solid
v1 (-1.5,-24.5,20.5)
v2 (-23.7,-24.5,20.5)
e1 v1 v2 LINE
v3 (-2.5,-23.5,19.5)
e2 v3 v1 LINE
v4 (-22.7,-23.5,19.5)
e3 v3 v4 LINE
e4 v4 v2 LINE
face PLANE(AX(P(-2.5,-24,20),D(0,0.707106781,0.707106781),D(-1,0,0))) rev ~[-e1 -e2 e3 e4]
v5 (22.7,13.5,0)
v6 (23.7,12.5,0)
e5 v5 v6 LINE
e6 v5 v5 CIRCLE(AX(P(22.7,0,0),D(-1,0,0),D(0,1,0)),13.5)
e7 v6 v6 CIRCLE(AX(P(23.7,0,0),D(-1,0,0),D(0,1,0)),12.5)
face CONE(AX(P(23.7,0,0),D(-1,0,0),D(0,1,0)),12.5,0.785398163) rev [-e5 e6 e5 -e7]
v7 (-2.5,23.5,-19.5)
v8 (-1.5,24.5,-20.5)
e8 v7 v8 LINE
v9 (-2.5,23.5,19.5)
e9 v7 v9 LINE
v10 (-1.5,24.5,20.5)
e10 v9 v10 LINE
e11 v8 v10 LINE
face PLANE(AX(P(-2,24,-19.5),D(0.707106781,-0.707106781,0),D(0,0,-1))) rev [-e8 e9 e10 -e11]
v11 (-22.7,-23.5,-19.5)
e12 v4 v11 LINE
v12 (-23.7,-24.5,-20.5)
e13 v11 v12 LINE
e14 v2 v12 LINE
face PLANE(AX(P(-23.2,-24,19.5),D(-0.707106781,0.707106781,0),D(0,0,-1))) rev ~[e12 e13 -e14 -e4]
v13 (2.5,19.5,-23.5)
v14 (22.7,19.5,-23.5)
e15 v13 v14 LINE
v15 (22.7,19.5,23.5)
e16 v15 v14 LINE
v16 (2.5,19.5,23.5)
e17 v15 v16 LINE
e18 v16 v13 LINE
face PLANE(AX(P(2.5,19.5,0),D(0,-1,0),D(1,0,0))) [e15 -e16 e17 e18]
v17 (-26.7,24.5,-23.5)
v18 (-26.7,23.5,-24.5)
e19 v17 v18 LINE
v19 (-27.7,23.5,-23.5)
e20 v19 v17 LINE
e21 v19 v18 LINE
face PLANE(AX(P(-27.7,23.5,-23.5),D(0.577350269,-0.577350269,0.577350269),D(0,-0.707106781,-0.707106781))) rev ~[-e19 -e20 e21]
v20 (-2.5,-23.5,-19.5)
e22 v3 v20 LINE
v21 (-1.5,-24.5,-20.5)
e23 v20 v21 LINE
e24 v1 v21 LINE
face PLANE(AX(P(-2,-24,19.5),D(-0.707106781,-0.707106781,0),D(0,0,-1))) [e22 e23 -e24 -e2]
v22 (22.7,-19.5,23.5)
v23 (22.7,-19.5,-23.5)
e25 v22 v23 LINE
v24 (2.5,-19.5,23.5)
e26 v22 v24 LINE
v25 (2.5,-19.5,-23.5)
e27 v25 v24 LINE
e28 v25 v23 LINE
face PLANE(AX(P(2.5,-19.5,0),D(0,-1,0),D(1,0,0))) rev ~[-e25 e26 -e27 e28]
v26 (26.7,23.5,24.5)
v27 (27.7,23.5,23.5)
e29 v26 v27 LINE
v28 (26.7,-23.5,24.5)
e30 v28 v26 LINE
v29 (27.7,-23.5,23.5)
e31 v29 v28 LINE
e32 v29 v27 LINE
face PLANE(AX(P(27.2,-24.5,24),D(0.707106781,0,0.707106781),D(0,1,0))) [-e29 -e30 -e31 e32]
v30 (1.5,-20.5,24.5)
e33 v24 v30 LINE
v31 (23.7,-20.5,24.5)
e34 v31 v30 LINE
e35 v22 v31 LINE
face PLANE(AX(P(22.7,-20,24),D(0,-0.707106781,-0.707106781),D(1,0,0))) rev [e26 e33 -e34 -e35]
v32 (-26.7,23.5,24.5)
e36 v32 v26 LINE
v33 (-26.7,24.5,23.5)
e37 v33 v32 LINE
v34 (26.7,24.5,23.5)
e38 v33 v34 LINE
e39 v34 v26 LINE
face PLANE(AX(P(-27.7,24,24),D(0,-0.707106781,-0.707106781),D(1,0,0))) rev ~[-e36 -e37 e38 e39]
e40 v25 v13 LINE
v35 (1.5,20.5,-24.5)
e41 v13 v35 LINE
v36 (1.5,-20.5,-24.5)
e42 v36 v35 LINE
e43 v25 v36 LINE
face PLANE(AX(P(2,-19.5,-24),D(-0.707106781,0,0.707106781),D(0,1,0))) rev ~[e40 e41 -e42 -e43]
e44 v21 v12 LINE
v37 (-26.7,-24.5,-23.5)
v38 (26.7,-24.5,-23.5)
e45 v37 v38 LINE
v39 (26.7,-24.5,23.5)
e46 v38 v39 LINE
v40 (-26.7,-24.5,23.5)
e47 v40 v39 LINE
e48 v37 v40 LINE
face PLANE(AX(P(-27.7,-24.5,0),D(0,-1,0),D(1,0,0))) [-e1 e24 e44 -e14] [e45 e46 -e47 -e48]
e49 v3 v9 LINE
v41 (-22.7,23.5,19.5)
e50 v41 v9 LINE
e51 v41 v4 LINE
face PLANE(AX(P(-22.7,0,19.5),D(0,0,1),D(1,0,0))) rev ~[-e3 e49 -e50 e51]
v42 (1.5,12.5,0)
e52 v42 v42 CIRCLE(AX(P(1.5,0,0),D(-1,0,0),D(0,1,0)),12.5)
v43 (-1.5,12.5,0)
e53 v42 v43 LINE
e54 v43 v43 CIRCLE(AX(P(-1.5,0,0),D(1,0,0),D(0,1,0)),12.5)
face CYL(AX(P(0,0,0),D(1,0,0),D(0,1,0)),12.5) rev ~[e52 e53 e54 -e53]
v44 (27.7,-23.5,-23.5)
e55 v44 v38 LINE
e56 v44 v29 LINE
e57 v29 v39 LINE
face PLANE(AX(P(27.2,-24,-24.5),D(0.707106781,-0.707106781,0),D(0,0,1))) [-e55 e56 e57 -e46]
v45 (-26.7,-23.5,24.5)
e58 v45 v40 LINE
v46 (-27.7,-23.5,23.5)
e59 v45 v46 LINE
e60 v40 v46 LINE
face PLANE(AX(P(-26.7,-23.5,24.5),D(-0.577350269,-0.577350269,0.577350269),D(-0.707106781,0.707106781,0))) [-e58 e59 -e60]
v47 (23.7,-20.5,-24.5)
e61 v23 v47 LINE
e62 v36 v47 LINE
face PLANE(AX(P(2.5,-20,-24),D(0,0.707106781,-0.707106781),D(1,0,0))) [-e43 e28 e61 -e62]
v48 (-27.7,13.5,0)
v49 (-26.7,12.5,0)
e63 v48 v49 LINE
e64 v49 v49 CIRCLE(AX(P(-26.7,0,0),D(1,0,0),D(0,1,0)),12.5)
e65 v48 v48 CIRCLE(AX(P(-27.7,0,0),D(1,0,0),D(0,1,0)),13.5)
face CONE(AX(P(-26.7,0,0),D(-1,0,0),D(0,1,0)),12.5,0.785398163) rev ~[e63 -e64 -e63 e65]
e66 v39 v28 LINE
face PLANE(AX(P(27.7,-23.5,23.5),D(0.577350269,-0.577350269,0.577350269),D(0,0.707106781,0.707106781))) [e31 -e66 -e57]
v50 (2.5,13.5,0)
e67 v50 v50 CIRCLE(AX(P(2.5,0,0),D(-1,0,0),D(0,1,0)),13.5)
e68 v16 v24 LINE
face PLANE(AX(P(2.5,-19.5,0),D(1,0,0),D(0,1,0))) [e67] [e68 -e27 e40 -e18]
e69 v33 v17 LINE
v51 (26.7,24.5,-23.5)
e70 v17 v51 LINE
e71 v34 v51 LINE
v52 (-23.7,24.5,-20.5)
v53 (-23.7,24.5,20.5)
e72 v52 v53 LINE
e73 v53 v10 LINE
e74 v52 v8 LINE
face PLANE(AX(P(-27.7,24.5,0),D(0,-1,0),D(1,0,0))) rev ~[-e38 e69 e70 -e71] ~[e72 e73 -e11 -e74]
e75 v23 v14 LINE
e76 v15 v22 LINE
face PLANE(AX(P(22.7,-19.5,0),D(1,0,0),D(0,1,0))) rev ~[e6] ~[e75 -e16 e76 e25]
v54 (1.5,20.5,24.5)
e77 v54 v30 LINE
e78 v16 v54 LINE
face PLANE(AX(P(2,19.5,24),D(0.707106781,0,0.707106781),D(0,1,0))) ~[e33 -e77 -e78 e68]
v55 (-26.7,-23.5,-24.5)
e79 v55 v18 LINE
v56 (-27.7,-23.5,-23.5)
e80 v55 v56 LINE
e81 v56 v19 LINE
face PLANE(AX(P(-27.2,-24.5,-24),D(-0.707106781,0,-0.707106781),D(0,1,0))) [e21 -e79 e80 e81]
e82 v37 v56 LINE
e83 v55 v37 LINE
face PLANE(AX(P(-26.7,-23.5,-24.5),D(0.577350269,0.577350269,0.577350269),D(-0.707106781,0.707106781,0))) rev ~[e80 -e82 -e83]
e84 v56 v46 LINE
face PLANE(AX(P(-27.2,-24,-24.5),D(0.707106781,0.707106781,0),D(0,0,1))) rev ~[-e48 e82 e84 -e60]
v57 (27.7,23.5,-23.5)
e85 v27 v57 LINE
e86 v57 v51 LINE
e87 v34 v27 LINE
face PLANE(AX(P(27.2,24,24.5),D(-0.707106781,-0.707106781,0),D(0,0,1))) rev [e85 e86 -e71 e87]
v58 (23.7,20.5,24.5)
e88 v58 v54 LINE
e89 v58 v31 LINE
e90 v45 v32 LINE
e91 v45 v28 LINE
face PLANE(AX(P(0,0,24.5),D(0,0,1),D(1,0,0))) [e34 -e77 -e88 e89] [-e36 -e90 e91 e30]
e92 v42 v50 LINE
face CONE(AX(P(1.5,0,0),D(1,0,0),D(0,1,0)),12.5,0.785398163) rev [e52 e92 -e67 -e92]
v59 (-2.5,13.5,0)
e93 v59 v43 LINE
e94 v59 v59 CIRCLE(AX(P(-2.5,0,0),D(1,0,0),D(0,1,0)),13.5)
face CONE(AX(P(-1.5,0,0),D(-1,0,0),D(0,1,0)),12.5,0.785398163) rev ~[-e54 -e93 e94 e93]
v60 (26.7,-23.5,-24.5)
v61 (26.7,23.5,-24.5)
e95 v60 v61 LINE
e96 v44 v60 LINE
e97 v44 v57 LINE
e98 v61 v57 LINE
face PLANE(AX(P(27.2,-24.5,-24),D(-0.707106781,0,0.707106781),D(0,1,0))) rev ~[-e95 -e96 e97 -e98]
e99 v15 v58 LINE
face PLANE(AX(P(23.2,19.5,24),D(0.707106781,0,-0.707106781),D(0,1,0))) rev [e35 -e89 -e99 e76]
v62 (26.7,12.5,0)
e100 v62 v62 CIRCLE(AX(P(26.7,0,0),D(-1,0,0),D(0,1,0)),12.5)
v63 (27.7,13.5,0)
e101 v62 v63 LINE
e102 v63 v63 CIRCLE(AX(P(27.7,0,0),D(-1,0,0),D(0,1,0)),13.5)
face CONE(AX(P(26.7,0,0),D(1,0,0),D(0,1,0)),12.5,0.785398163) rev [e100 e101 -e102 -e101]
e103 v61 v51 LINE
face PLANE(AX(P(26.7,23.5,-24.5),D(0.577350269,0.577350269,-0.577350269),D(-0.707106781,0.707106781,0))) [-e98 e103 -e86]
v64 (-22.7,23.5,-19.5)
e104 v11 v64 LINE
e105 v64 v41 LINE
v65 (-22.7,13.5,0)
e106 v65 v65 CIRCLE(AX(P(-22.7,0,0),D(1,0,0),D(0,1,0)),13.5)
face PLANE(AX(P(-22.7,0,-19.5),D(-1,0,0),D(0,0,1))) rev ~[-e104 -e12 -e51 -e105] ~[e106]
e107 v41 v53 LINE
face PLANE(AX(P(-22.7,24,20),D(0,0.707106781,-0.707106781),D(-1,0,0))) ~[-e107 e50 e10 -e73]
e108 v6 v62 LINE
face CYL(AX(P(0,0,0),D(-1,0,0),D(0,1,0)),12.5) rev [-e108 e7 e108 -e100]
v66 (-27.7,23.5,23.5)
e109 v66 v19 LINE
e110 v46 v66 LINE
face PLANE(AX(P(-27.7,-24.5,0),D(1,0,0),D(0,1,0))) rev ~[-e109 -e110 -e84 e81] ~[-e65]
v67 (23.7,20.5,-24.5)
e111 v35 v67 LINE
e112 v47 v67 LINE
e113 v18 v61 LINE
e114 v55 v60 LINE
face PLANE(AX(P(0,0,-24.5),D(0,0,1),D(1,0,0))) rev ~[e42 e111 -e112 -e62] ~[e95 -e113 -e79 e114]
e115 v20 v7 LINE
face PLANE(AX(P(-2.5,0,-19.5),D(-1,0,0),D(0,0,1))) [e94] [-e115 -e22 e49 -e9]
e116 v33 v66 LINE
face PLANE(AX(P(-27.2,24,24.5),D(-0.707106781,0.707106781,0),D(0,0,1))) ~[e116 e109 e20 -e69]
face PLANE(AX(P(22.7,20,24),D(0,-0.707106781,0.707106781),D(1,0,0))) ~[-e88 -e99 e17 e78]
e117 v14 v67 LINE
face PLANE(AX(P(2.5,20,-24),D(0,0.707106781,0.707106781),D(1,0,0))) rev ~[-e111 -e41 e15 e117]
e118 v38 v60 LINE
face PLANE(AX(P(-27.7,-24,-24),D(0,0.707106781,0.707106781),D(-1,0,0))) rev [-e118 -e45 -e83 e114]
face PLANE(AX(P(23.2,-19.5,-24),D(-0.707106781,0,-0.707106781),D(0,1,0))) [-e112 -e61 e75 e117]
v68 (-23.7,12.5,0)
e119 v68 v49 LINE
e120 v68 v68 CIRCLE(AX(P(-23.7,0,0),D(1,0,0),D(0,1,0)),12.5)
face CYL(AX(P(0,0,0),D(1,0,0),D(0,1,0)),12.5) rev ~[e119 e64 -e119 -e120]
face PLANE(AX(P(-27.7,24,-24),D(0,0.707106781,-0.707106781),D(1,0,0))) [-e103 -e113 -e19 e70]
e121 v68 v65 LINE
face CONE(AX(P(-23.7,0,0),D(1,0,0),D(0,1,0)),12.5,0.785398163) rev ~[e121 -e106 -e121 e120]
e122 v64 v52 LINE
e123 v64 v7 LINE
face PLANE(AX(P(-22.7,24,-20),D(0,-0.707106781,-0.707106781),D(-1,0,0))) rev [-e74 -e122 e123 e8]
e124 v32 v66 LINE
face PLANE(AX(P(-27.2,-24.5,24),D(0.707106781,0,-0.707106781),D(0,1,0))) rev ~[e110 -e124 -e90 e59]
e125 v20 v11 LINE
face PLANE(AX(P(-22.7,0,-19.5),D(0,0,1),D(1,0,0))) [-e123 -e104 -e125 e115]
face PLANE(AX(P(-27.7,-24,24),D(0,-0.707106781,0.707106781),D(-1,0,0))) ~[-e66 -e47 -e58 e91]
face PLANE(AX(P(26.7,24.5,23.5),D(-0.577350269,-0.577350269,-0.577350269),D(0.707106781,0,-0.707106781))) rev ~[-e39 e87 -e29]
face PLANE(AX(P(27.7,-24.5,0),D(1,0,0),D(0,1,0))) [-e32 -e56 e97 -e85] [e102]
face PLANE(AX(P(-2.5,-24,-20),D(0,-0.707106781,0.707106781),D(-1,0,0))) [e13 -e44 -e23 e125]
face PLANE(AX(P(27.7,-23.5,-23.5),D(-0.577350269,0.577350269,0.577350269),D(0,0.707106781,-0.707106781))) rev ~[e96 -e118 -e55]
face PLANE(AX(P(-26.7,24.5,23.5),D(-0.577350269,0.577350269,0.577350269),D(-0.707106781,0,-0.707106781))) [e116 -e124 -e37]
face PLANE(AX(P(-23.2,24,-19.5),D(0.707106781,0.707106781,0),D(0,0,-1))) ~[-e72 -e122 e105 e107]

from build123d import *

# Parameters (mm, degrees)
SKETCH004_W          = 55.4
SKETCH004_H          = 49
PAD001_DEPTH         = 24.5
SKETCH005_W          = 20.2
SKETCH005_H          = 39
POCKET003_DEPTH      = 24.501
POCKET003_DEPTH_BACK = 24.501
SKETCH006_W          = 20.2
SKETCH006_H          = 39
POCKET004_DEPTH      = 24.501
POCKET004_DEPTH_BACK = 24.501
SKETCH007_R          = 12.5
POCKET005_DEPTH      = 27.701
POCKET005_DEPTH_BACK = 27.701
CHAMFER001_SIZE      = 1


with BuildPart() as part:
    # Sketch004 → Pad001 (new body, symmetric)
    with BuildSketch(Plane.XY):
        Rectangle(SKETCH004_W, SKETCH004_H)
    extrude(amount=PAD001_DEPTH, both=True)

    # Sketch005 → Pocket003 (cut, two sides)
    with BuildSketch(Plane.XY) as pocket003_sk:
        with Locations((12.6, 0)):
            Rectangle(SKETCH005_W, SKETCH005_H)
    extrude(amount=-POCKET003_DEPTH, mode=Mode.SUBTRACT)
    extrude(pocket003_sk.sketch, amount=POCKET003_DEPTH_BACK, mode=Mode.SUBTRACT)

    # Sketch006 → Pocket004 (cut, two sides)
    with BuildSketch(Plane.XZ) as pocket004_sk:
        with Locations((-12.6, 0)):
            Rectangle(SKETCH006_W, SKETCH006_H)
    extrude(amount=-POCKET004_DEPTH, mode=Mode.SUBTRACT)
    extrude(pocket004_sk.sketch, amount=POCKET004_DEPTH_BACK, mode=Mode.SUBTRACT)

    # Sketch007 → Pocket005 (cut, two sides)
    with BuildSketch(Plane.YZ) as pocket005_sk:
        Circle(SKETCH007_R)
    extrude(amount=-POCKET005_DEPTH, mode=Mode.SUBTRACT)
    extrude(pocket005_sk.sketch, amount=POCKET005_DEPTH_BACK, mode=Mode.SUBTRACT)

    # Chamfer001
    chamfer001_edges = [part.edges().sort_by_distance(p)[0] for p in [
        (-27.7, -24.5, 0),
        (0, -24.5, 24.5),
        (0, -24.5, -24.5),
        (27.7, -24.5, 0),
        (27.7, 0, 24.5),
        (-27.7, 0, 24.5),
        (0, 24.5, 24.5),
        (27.7, 24.5, 0),
        (27.7, 0, -24.5),
        (27.7, -12.5, 0),
        (22.7, -12.5, 0),
        (2.5, -12.5, 0),
        (2.5, 0, 24.5),
        (12.6, -19.5, 24.5),
        (22.7, 0, 24.5),
        (12.6, 19.5, 24.5),
        (-12.6, -24.5, 19.5),
        (-22.7, -24.5, 0),
        (-12.6, -24.5, -19.5),
        (-2.5, -24.5, 0),
        (-22.7, -12.5, 0),
        (-27.7, -12.5, 0),
        (-2.5, -12.5, 0),
        (0, 24.5, -24.5),
        (-27.7, 24.5, 0),
        (-22.7, 24.5, 0),
        (-2.5, 24.5, 0),
        (-12.6, 24.5, 19.5),
        (-12.6, 24.5, -19.5),
        (-27.7, 0, -24.5),
        (2.5, 0, -24.5),
        (12.6, -19.5, -24.5),
        (12.6, 19.5, -24.5),
        (22.7, 0, -24.5),
    ]]
    chamfer(chamfer001_edges, length=CHAMFER001_SIZE)


solid = part.part
